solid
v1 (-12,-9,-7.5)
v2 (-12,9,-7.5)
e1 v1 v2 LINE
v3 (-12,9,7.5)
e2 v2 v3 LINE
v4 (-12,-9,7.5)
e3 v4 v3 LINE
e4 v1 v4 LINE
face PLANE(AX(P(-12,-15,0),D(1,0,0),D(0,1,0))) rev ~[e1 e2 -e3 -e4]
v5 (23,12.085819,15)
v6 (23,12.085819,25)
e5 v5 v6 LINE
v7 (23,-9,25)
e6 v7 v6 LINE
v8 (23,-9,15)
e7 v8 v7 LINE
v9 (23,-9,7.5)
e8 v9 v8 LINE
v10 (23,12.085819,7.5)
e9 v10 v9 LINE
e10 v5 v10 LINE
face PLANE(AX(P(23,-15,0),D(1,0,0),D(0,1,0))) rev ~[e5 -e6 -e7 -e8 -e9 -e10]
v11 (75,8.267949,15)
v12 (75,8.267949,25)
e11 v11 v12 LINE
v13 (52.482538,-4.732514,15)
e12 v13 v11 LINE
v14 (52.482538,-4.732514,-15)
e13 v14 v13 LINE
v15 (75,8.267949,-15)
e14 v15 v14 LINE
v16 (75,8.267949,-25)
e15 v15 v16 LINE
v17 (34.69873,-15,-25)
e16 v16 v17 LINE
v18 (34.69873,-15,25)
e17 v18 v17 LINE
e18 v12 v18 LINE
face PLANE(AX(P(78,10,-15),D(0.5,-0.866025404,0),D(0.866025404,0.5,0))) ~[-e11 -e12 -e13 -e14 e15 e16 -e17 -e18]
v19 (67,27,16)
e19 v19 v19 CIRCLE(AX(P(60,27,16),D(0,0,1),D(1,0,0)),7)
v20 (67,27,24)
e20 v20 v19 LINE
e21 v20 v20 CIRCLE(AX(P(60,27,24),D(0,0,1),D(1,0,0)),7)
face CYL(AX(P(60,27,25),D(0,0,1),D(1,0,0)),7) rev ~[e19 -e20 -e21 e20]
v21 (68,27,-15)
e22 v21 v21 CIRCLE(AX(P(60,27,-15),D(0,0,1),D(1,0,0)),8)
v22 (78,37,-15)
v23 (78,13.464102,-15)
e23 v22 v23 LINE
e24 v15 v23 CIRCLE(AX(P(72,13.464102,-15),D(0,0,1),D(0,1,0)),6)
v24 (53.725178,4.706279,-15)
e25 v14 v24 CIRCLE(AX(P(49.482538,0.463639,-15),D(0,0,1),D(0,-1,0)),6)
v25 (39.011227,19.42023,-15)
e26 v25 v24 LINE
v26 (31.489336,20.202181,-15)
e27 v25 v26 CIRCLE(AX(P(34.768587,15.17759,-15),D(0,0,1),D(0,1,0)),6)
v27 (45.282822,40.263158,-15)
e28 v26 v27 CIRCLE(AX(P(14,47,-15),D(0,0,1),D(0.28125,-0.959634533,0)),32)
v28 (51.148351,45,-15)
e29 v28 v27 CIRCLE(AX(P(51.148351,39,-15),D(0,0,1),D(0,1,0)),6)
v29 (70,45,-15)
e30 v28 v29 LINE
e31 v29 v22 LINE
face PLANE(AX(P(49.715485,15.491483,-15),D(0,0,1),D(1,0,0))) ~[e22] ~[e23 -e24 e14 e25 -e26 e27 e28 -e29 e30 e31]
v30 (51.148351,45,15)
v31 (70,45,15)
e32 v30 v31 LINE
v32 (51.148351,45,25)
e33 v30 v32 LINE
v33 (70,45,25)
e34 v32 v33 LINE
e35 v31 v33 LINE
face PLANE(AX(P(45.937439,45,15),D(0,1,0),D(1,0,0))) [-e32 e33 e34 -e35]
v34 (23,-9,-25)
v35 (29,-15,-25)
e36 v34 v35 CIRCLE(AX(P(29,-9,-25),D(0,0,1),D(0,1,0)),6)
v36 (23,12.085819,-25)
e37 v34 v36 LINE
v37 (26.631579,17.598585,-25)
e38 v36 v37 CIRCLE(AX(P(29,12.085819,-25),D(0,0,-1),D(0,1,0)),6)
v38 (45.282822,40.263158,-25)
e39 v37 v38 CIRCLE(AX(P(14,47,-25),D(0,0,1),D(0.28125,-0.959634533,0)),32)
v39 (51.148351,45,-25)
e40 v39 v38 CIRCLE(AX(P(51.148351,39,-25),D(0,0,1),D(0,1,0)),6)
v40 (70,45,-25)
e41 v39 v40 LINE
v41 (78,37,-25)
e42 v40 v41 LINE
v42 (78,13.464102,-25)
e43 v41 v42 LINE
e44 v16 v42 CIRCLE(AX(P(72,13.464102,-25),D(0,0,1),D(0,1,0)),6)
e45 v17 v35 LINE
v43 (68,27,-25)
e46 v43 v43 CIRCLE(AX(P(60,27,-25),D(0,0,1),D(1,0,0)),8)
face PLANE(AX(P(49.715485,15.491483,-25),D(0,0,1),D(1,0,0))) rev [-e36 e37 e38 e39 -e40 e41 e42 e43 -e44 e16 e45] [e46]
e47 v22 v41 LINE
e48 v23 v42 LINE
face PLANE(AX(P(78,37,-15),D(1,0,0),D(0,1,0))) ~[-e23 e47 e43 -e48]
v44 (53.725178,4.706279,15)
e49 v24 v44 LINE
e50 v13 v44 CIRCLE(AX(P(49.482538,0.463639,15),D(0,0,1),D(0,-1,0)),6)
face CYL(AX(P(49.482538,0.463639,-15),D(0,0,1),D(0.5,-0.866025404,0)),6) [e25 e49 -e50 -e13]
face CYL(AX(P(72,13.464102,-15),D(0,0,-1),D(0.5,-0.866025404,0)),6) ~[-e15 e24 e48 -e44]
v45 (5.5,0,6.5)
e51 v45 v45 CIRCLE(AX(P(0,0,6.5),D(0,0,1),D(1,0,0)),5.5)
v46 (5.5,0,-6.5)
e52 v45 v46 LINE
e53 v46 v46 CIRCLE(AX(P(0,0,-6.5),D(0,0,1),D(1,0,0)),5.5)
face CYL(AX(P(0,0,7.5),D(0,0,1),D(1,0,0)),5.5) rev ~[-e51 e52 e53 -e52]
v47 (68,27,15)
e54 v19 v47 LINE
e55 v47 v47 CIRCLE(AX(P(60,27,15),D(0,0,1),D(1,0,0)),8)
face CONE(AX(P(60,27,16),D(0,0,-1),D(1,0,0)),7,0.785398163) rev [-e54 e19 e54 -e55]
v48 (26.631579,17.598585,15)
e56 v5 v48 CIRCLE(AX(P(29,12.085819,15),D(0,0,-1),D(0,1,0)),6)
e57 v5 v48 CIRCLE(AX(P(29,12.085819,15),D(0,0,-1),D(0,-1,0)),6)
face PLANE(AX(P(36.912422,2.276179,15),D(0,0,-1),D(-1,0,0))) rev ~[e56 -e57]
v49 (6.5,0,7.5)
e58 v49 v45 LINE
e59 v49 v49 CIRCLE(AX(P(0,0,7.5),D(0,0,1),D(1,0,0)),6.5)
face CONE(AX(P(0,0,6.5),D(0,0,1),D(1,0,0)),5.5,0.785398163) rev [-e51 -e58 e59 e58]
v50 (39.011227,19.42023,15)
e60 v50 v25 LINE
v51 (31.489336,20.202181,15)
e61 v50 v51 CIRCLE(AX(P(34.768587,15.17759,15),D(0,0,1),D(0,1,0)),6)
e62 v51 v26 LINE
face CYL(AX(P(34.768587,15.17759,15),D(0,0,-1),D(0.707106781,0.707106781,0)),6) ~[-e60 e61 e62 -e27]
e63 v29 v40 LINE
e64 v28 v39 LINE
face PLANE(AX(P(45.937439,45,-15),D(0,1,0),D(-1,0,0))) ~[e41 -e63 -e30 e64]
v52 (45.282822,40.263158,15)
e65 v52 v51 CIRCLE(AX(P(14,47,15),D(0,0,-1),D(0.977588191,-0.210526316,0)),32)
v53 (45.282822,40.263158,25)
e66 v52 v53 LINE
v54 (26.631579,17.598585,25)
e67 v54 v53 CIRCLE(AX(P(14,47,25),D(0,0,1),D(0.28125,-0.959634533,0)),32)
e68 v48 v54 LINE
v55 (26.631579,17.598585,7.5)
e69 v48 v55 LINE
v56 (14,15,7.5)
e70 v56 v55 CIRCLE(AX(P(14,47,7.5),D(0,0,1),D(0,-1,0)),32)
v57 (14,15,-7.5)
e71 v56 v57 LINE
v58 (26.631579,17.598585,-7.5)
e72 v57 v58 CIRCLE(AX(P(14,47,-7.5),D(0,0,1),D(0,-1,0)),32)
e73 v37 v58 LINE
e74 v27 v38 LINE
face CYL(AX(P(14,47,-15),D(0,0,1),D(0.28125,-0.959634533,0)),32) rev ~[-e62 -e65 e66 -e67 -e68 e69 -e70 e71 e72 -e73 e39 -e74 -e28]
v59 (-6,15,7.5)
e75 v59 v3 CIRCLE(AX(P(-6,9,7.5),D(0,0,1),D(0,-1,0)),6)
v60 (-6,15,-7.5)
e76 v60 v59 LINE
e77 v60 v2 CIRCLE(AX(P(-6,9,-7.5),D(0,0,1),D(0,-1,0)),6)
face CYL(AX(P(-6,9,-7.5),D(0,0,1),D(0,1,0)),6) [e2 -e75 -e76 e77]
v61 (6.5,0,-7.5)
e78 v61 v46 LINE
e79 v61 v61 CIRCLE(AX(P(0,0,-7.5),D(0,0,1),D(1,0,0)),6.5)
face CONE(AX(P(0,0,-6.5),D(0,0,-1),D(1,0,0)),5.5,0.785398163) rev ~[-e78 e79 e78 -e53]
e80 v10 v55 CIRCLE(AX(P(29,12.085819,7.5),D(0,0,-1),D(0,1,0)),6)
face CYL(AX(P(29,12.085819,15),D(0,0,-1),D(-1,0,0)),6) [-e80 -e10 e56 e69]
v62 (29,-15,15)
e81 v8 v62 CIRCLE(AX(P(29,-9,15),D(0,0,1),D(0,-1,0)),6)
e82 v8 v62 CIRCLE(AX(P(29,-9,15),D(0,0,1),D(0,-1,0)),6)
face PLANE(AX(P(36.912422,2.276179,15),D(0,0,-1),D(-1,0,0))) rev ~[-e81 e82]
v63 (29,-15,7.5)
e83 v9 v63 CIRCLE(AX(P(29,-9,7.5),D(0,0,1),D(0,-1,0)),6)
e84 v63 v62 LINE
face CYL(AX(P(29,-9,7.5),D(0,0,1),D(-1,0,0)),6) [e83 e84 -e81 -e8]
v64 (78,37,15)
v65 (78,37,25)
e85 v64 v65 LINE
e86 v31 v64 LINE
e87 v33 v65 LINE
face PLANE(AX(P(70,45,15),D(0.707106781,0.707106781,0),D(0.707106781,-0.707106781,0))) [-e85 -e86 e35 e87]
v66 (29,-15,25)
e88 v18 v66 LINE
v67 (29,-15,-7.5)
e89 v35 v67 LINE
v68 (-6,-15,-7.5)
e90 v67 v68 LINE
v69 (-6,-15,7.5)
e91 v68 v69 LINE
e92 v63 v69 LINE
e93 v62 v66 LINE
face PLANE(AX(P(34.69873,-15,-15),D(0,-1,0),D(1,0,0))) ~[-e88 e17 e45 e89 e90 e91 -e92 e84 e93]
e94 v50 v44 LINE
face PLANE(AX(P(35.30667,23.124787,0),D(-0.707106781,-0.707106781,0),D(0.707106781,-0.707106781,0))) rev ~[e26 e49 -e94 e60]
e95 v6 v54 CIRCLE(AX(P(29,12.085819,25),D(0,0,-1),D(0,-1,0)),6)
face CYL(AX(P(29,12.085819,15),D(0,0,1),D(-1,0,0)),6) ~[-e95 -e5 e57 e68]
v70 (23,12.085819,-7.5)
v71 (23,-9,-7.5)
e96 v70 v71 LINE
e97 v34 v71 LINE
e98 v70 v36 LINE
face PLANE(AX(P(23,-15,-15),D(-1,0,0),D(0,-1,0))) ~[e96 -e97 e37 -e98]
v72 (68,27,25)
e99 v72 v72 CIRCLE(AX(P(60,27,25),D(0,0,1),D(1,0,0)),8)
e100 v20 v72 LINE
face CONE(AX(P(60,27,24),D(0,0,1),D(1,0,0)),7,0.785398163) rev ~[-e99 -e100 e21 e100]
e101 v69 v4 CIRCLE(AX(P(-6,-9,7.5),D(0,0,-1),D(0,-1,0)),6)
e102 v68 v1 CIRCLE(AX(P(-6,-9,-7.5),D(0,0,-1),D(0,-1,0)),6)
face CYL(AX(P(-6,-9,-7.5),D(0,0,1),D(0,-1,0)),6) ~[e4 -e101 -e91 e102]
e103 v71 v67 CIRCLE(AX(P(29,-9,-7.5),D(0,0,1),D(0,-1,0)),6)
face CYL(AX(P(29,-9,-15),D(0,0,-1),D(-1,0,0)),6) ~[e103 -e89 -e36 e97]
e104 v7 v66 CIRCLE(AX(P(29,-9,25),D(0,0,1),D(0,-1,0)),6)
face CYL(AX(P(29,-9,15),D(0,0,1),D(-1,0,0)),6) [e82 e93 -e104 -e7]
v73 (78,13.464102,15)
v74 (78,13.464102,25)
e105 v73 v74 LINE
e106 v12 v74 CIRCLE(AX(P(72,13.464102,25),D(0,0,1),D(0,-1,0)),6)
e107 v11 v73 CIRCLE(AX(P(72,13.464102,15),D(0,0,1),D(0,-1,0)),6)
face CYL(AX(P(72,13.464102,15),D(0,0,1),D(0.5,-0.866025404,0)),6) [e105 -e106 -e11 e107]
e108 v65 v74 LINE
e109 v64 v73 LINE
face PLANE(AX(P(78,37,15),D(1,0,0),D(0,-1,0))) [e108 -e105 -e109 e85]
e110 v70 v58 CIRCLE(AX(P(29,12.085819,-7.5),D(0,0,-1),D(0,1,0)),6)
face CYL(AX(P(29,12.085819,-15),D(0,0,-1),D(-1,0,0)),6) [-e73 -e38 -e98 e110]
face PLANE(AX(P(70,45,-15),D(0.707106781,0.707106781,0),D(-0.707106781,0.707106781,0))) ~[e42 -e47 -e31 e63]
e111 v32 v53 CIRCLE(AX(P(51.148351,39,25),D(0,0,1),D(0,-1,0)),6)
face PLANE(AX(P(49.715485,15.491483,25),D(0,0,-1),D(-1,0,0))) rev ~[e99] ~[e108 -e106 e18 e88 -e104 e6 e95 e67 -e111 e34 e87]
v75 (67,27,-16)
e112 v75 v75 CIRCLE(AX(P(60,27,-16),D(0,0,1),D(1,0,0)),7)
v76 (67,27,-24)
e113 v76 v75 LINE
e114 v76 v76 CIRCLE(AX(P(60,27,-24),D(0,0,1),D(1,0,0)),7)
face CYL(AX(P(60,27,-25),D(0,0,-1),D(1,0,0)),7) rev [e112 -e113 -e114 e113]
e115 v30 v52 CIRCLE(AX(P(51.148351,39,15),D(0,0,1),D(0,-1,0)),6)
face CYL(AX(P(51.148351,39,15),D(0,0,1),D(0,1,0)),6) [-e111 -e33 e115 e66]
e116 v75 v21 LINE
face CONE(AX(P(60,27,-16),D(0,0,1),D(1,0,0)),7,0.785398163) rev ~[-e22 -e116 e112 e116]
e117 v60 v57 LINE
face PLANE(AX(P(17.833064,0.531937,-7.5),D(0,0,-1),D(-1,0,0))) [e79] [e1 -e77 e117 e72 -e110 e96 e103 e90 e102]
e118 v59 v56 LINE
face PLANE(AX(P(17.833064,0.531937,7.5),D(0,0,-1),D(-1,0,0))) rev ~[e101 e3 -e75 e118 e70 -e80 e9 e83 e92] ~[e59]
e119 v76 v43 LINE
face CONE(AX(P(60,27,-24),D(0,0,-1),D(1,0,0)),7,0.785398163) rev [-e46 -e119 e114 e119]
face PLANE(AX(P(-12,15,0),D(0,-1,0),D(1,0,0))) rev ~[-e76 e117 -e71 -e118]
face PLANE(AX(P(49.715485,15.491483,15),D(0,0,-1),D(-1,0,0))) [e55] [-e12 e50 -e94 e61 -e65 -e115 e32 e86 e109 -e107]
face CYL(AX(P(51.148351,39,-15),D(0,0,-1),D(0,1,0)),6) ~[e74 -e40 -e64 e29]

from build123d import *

# Parameters (mm, degrees)
BOSS_EXTRUDE1_DEPTH       = 10
FILLET1_R                 = 6
FILLET2_R                 = 6
FILLET3_R                 = 6
CUT_EXTRUDE1_REACH        = 92.604
SKETCH4_R                 = 7.000000000000001
CHAMFER1_SIZE             = 1
CHAMFER2_SIZE             = 1
BOSS_EXTRUDE2_DEPTH       = 7.5
FILLET4_R                 = 6
SKETCH5_R                 = 5.5
CUT_EXTRUDE2_DEPTH        = 15
CHAMFER3_SIZE             = 1
BOSS_EXTRUDE3_DEPTH       = 15
FILLET5_R                 = 6
FILLET1_OF_MIRROR16_R     = 6
FILLET2_OF_MIRROR16_R     = 6
FILLET3_OF_MIRROR16_R     = 6
CHAMFER1_OF_MIRROR16_SIZE = 1
CHAMFER2_OF_MIRROR16_SIZE = 1


with BuildPart() as part:
    # Sketch3 → Boss-Extrude1 (new body)
    with BuildSketch(Plane.XY.offset(15)):
        with BuildLine():
            Line((45.93743884534262, 45.00000000000001), (69.99999999999996, 45))
            Line((69.99999999999996, 45), (77.99999999999999, 37))
            Line((77.99999999999999, 37), (77.99999999999999, 9.999999999999998))
            Line((77.99999999999999, 9.999999999999998), (34.69872981077818, -15.000000000000004))
            Line((34.69872981077818, -15.000000000000004), (22.999999999999996, -15.000000000000005))
            Line((22.999999999999996, -15.000000000000005), (22.99999999999999, 16.291694934431824))
            ThreePointArc((22.99999999999999, 16.291694934431824), (39.00020339394204, 27.025270208047246), (45.93743884534262, 45.00000000000001))
        make_face()
    boss_extrude1 = extrude(amount=BOSS_EXTRUDE1_DEPTH)

    # Fillet1
    fillet1_edges = [part.edges().sort_by_distance(p)[0] for p in [
        (45.93743884534262, 45.00000000000001, 20),
    ]]
    fillet(fillet1_edges, radius=FILLET1_R)

    # Fillet2
    fillet2_edges = [part.edges().sort_by_distance(p)[0] for p in [
        (22.999999999999996, -15.000000000000005, 20),
    ]]
    fillet(fillet2_edges, radius=FILLET2_R)

    # Fillet3
    fillet3_edges = [part.edges().sort_by_distance(p)[0] for p in [
        (77.99999999999999, 9.999999999999998, 20),
        (22.999999999999993, 16.29169493443182, 20),
    ]]
    fillet(fillet3_edges, radius=FILLET3_R)

    # Sketch4 → Cut-Extrude1 (cut, up to next)
    with BuildSketch(Plane.XY.offset(25), mode=Mode.PRIVATE) as cut_extrude1_sk1:
        with Locations((59.999999999999986, 27)):
            Circle(SKETCH4_R)
    cut_extrude1_tool1 = extrude(cut_extrude1_sk1.sketch, amount=-CUT_EXTRUDE1_REACH, mode=Mode.PRIVATE) & part.part
    cut_extrude1 = cut_extrude1_tool1.solids().sort_by_distance((60, 27, 25))[0]
    add(cut_extrude1, mode=Mode.SUBTRACT)

    # Chamfer1
    chamfer1_edges = [part.edges().sort_by_distance(p)[0] for p in [
        (52.999999999999986, 27, 25),
    ]]
    chamfer(chamfer1_edges, length=CHAMFER1_SIZE)

    # Chamfer2
    chamfer2_edges = [part.edges().sort_by_distance(p)[0] for p in [
        (52.999999999999986, 27, 15),
    ]]
    chamfer(chamfer2_edges, length=CHAMFER2_SIZE)



with BuildPart() as body_2:
    # Sketch2 → Boss-Extrude2 (new, symmetric)
    with BuildSketch(Plane.XY):
        with BuildLine():
            Line((-12.000000000000009, 14.999999999999996), (13.999999999999993, 15.000000000000002))
            ThreePointArc((13.999999999999993, 15.000000000000002), (23.496761564827036, 16.441670206295278), (32.13782324188529, 20.636780013698527))
            Line((32.13782324188529, 20.636780013698527), (55.66799332242584, -2.893390066842031))
            Line((55.66799332242584, -2.893390066842031), (34.69872981077818, -15.000000000000004))
            Line((34.69872981077818, -15.000000000000004), (-12, -15.000000000000004))
            Line((-12, -15.000000000000004), (-12.000000000000009, 14.999999999999996))
        make_face()
    extrude(amount=BOSS_EXTRUDE2_DEPTH, both=True)

    # Fillet4
    fillet4_edges = [body_2.edges().sort_by_distance(p)[0] for p in [
        (-12.000000000000009, 14.999999999999996, 0),
        (32.13782324188529, 20.636780013698527, 0),
        (55.66799332242584, -2.893390066842031, 0),
        (-12, -15.000000000000004, 0),
    ]]
    fillet(fillet4_edges, radius=FILLET4_R)

    # Sketch5 → Cut-Extrude2 (cut)
    with BuildSketch(Plane.XY.offset(7.5)):
        Circle(SKETCH5_R)
    extrude(amount=-CUT_EXTRUDE2_DEPTH, mode=Mode.SUBTRACT)

    # Chamfer3
    chamfer3_edges = [body_2.edges().sort_by_distance(p)[0] for p in [
        (-5.5, 3.12e-15, 7.5),
        (-5.5, 3.12e-15, -7.5),
    ]]
    chamfer(chamfer3_edges, length=CHAMFER3_SIZE)


with BuildPart() as part_1:
    add(part.part)

    add(body_2.part)  # Boss-Extrude3 merges body 2
    # Sketch6 → Boss-Extrude3 (add, symmetric)
    with BuildSketch(Plane.XY):
        with BuildLine():
            Line((22.99999999999999, -15.000000000000004), (22.999999999999996, 16.291694934431828))
            ThreePointArc((22.999999999999996, 16.291694934431828), (29.533716734106008, 19.023158784012917), (35.30667046294364, 23.124787042132485))
            Line((35.30667046294364, 23.124787042132485), (59.25429521109807, -0.8228377060218555))
            Line((59.25429521109807, -0.8228377060218555), (34.69872981077818, -15.000000000000004))
            Line((34.69872981077818, -15.000000000000004), (22.99999999999999, -15.000000000000004))
        make_face()
    extrude(amount=BOSS_EXTRUDE3_DEPTH, both=True)

    # Fillet5
    fillet5_edges = [part_1.edges().sort_by_distance(p)[0] for p in [
        (22.99999999999999, -15.000000000000004, -11.25),
        (22.99999999999999, -15.000000000000004, 11.25),
        (22.999999999999996, 16.291694934431828, -11.25),
        (22.999999999999996, 16.291694934431828, 11.25),
        (59.25429521109807, -0.8228377060218555, 0),
        (35.30667046294364, 23.12478704213249, 0),
    ]]
    fillet(fillet5_edges, radius=FILLET5_R)


with BuildPart() as mirror16_1:
    # Mirror16: Boss-Extrude1 across plane
    add(boss_extrude1.mirror(Plane.XY))

    # Mirror16 2: Cut-Extrude1 across plane
    add(cut_extrude1.mirror(Plane.XY), mode=Mode.SUBTRACT)

    # Fillet1 of Mirror16
    fillet1_of_mirror16_edges = [mirror16_1.edges().sort_by_distance(p)[0] for p in [
        (45.93743884534262, 45.00000000000001, -20),
    ]]
    fillet(fillet1_of_mirror16_edges, radius=FILLET1_OF_MIRROR16_R)

    # Fillet2 of Mirror16
    fillet2_of_mirror16_edges = [mirror16_1.edges().sort_by_distance(p)[0] for p in [
        (22.999999999999996, -15.000000000000005, -20),
    ]]
    fillet(fillet2_of_mirror16_edges, radius=FILLET2_OF_MIRROR16_R)

    # Fillet3 of Mirror16
    fillet3_of_mirror16_edges = [mirror16_1.edges().sort_by_distance(p)[0] for p in [
        (77.99999999999999, 9.999999999999998, -20),
        (22.999999999999993, 16.29169493443182, -20),
    ]]
    fillet(fillet3_of_mirror16_edges, radius=FILLET3_OF_MIRROR16_R)

    # Chamfer1 of Mirror16
    chamfer1_of_mirror16_edges = [mirror16_1.edges().sort_by_distance(p)[0] for p in [
        (52.999999999999986, 27, -25),
    ]]
    chamfer(chamfer1_of_mirror16_edges, length=CHAMFER1_OF_MIRROR16_SIZE)

    # Chamfer2 of Mirror16
    chamfer2_of_mirror16_edges = [mirror16_1.edges().sort_by_distance(p)[0] for p in [
        (52.999999999999986, 27, -15),
    ]]
    chamfer(chamfer2_of_mirror16_edges, length=CHAMFER2_OF_MIRROR16_SIZE)


with BuildPart() as part_2:
    add(part_1.part)

    # Mirror16 united with what the copies tou: union Mirror16_1
    add(mirror16_1.part)


solid = part_2.part
